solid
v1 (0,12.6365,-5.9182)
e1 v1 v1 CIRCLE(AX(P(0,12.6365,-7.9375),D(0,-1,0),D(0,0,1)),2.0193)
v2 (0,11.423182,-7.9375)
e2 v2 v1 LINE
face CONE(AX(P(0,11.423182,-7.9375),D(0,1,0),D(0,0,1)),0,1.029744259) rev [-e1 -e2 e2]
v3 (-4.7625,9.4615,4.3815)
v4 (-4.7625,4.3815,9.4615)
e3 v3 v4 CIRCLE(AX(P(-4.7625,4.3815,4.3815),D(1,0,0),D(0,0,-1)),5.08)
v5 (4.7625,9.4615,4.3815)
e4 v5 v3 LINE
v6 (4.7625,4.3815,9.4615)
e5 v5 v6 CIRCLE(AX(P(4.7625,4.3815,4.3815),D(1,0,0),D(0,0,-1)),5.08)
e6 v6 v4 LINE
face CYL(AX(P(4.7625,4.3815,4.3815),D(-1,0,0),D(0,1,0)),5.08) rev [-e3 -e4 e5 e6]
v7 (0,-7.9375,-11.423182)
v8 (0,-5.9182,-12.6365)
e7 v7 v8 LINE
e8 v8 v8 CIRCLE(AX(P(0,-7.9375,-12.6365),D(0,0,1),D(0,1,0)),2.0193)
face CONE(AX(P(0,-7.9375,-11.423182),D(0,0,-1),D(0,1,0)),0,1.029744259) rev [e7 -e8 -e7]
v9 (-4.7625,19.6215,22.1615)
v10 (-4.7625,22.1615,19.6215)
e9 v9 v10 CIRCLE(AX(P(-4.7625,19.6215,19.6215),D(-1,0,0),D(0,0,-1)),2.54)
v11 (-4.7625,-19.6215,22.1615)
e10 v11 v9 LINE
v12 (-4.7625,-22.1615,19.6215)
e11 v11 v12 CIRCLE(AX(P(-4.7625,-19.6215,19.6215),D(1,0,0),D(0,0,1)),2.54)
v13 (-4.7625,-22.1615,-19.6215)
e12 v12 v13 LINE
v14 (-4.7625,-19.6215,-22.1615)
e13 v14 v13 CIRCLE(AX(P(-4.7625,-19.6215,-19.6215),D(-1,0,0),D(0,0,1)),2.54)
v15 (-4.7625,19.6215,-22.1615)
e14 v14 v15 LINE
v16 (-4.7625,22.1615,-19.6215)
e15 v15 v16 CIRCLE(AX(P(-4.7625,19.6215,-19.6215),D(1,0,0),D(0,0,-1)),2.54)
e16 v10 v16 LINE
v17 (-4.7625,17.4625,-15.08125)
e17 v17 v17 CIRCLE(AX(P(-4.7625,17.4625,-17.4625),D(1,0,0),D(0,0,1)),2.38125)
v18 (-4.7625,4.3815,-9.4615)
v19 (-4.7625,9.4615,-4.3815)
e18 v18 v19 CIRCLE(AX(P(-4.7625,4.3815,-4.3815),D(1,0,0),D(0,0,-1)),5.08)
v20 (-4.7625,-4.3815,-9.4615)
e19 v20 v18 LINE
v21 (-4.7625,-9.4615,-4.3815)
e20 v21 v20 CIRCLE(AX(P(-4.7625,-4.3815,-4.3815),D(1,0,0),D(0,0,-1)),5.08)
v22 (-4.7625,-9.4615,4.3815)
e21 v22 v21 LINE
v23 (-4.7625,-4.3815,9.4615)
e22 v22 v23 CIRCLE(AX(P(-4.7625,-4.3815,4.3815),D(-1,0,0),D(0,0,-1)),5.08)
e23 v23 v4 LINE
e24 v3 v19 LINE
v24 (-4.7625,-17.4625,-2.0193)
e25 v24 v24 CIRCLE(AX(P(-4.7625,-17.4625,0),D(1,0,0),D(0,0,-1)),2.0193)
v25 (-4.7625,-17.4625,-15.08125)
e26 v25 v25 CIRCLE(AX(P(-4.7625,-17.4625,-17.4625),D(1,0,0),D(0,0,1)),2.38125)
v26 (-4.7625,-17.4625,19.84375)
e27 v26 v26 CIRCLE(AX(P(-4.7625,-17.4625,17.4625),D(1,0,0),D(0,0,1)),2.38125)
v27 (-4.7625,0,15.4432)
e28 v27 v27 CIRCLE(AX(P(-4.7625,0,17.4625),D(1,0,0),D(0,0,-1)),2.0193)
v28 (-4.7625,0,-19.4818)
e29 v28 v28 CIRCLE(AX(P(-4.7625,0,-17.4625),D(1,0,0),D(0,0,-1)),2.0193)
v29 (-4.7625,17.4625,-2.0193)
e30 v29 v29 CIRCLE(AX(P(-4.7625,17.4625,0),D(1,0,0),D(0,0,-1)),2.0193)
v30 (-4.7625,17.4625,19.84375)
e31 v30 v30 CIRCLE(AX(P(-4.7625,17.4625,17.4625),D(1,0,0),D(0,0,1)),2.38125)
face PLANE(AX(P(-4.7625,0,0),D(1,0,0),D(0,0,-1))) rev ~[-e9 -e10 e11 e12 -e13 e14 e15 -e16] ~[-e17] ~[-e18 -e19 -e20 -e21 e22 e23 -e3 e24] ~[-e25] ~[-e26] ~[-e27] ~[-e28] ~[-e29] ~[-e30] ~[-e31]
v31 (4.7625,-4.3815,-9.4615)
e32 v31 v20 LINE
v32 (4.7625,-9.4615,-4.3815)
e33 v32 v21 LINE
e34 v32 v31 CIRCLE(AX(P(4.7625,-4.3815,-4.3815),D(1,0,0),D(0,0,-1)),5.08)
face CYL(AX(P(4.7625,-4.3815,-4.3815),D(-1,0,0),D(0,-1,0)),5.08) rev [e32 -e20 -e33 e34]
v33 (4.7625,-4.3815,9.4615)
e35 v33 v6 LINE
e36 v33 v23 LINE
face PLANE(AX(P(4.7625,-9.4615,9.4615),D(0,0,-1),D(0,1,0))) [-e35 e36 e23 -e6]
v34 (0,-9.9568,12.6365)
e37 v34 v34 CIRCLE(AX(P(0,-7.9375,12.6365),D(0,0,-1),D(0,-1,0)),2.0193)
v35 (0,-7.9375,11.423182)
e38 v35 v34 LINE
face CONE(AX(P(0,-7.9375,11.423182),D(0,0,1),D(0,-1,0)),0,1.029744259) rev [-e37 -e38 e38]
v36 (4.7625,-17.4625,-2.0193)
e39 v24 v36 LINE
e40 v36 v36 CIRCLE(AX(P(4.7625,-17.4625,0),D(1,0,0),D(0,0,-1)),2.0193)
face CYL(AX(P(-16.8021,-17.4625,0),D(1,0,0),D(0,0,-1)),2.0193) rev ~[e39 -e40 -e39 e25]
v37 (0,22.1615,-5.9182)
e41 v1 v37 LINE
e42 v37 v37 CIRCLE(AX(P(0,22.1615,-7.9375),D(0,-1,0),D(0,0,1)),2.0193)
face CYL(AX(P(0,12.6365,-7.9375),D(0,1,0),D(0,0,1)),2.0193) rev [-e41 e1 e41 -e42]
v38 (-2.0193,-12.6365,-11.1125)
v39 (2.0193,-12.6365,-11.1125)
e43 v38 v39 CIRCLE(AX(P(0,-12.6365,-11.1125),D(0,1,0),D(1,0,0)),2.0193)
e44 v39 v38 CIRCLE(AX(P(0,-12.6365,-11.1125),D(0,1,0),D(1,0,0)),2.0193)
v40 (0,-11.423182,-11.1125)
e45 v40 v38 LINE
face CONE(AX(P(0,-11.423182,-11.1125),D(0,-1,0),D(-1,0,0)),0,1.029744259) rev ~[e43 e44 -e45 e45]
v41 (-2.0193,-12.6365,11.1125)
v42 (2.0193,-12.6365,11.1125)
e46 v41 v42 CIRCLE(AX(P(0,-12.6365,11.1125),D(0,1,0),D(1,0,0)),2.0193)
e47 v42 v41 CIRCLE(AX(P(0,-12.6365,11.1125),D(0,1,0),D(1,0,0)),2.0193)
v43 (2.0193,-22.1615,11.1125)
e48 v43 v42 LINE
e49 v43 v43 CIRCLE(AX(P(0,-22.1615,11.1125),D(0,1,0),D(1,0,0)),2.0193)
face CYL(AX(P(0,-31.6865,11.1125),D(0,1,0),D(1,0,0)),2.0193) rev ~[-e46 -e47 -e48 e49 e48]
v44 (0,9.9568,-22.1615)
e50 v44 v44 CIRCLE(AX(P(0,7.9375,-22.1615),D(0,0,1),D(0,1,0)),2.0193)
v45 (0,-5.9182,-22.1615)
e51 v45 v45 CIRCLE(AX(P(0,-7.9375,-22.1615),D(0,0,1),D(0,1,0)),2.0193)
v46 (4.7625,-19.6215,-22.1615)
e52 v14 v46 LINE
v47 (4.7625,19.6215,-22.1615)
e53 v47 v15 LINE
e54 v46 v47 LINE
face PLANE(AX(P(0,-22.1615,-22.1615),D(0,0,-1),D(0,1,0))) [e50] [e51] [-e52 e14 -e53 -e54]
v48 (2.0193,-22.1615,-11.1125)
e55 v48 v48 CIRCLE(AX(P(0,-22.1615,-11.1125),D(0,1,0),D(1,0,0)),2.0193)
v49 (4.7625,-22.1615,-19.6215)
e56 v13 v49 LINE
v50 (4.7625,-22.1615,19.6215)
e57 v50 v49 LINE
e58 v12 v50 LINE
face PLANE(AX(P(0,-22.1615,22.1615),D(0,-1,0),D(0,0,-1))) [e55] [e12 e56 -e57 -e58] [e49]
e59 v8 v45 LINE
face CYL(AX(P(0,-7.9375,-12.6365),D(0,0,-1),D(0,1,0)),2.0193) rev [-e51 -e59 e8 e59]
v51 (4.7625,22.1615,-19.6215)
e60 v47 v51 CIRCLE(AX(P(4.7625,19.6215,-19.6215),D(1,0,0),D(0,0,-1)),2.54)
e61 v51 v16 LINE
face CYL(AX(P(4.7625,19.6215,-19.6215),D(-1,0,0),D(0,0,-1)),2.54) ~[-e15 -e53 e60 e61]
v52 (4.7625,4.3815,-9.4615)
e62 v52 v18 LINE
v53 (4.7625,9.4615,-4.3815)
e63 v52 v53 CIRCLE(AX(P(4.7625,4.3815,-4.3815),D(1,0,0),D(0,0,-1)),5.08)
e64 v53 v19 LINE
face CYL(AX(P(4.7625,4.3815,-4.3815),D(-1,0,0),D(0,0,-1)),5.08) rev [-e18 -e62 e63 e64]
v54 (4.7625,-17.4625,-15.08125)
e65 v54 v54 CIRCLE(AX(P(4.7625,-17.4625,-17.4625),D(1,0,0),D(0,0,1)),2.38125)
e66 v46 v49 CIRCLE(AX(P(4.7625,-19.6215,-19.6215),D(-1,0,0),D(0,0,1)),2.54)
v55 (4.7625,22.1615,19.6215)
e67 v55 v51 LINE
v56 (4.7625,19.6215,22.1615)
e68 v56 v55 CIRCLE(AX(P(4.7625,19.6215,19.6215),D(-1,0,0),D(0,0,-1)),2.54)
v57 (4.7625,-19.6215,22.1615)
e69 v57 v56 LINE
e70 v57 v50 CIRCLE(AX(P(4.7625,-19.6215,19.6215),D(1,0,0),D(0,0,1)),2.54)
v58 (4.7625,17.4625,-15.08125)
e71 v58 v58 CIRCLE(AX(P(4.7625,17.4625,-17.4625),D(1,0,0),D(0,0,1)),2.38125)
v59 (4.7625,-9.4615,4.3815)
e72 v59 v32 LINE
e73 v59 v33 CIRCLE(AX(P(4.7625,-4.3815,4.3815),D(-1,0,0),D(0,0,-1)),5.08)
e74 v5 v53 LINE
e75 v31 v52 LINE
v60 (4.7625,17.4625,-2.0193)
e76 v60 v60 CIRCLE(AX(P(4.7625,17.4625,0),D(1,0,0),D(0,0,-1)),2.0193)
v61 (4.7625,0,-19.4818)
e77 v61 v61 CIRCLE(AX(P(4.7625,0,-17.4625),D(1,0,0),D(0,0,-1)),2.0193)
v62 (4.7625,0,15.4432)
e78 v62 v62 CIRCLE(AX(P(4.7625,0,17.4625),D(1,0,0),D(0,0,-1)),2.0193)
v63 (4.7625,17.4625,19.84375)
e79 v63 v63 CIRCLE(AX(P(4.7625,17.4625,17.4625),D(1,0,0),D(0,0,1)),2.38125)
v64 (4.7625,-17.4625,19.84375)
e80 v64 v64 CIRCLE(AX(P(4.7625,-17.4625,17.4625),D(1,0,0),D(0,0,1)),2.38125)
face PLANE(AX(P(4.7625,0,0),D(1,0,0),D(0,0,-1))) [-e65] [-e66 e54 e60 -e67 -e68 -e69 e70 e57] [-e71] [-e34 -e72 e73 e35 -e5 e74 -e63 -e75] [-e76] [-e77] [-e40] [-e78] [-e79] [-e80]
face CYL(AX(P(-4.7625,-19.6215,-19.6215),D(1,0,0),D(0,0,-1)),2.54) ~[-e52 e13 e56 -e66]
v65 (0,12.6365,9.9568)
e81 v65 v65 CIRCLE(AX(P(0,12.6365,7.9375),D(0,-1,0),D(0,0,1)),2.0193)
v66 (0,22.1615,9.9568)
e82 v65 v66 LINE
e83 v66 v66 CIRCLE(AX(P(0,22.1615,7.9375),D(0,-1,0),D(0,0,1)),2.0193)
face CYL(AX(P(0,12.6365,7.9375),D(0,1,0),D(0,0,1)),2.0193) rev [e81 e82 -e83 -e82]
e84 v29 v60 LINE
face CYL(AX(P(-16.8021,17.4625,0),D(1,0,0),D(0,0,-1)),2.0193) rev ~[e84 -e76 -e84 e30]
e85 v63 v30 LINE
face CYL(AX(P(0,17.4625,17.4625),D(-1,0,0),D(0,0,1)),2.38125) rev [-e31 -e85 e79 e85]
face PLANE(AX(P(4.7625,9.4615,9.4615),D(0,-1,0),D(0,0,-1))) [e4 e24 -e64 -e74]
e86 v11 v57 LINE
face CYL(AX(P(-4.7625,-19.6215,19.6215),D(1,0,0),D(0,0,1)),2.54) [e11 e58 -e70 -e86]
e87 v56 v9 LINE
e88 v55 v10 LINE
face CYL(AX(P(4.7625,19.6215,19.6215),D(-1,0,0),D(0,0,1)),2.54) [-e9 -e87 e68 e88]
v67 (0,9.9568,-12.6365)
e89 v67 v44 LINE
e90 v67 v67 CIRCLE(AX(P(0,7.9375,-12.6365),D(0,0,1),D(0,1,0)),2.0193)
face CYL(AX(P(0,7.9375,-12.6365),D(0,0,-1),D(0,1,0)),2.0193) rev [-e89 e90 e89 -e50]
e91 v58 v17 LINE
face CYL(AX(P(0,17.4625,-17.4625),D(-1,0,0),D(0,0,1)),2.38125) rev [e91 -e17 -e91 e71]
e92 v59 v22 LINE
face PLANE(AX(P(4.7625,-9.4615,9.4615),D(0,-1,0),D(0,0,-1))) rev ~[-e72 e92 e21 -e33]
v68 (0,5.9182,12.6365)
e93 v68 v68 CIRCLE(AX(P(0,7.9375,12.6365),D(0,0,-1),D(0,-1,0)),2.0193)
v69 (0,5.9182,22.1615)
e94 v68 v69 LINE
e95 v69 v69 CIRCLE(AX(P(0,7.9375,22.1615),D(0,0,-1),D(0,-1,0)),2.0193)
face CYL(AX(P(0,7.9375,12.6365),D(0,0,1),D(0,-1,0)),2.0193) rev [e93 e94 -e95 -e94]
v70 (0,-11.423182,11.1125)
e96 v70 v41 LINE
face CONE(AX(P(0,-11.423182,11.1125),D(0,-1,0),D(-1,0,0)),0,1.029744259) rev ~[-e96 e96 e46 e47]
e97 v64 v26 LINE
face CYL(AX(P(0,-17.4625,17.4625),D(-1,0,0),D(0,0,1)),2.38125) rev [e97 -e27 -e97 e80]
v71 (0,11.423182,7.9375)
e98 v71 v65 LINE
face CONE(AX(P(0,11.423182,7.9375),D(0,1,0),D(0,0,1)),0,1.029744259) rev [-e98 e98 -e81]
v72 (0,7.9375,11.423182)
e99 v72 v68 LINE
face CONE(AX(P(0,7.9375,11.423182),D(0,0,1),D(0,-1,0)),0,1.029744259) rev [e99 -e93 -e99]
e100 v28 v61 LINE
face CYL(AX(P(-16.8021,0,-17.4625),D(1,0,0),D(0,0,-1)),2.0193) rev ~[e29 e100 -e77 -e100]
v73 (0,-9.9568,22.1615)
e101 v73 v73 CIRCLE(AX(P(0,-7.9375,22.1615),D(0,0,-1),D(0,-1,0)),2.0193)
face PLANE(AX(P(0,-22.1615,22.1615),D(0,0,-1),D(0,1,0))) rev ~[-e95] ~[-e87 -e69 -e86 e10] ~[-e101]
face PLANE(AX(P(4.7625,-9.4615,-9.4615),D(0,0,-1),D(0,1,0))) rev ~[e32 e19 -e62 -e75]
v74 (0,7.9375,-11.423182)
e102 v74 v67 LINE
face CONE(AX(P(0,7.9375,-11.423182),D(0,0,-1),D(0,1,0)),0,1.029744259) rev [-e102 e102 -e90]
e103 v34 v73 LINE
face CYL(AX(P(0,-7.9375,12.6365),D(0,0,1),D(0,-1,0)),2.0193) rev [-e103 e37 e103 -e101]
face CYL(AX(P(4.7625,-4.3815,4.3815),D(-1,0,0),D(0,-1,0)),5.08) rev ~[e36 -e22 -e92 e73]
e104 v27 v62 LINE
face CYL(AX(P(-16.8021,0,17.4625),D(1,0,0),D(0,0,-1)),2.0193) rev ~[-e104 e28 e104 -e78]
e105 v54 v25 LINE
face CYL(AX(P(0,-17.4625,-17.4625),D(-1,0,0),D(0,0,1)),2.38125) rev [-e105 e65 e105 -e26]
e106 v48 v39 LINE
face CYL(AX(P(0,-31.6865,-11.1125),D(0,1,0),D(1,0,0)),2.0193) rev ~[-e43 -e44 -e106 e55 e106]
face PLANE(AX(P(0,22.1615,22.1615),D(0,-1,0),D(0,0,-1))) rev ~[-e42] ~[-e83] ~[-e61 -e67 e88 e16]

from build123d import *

# Parameters (mm, degrees)
SKETCH1_W                       = 44.323
SKETCH1_H                       = 44.323
SKETCH1_R                       = 2.38125
BOSS_EXTRUDE1_DEPTH             = 4.7625
FILLET1_R                       = 2.54
F_10_32_TAPPED_HOLE1_D          = 4.0386
F_10_32_TAPPED_HOLE1_DEPTH      = 12.0396
F_10_32_TAPPED_HOLE1_TIP        = 1.213317848
F_10_32_TAPPED_HOLE2_AT_2_COUNT = 2
F_10_32_TAPPED_HOLE2_AT_2_PITCH = 15.875
CIRPATTERN1_COUNT               = 4
F_10_32_TAPPED_HOLE3_D          = 4.0386
F_10_32_TAPPED_HOLE3_DEPTH      = 9.525
F_10_32_TAPPED_HOLE3_TIP        = 1.213317848
SKETCH19_W                      = 18.923
SKETCH19_H                      = 18.923
CUT_EXTRUDE1_DEPTH              = 33.756522854
FILLET2_R                       = 5.08


with BuildPart() as part:
    # Sketch1 → Boss-Extrude1 (new, symmetric)
    with BuildSketch(Plane(origin=(0, 0, 0), x_dir=(0, 0, -1), z_dir=(1, 0, 0))):
        Rectangle(SKETCH1_W, SKETCH1_H)
        with Locations((-17.4625, 17.4625)):
            Circle(SKETCH1_R, mode=Mode.SUBTRACT)
        with Locations((17.4625, 17.4625)):
            Circle(SKETCH1_R, mode=Mode.SUBTRACT)
        with Locations((-17.4625, -17.4625)):
            Circle(SKETCH1_R, mode=Mode.SUBTRACT)
        with Locations((17.4625, -17.4625)):
            Circle(SKETCH1_R, mode=Mode.SUBTRACT)
    extrude(amount=BOSS_EXTRUDE1_DEPTH, both=True)

    # Fillet1
    fillet1_edges = [part.edges().sort_by_distance(p)[0] for p in [
        (0, -22.1615, -22.1615),
        (0, -22.1615, 22.1615),
        (0, 22.1615, 22.1615),
        (0, 22.1615, -22.1615),
    ]]
    fillet(fillet1_edges, radius=FILLET1_R)

    # #10-32 Tapped Hole1
    with Locations(Plane.ZY.offset(4.7625)):
        with Locations((0, -17.4625), (0, 17.4625), (-17.4625, 0), (17.4625, 0)):
            Hole(F_10_32_TAPPED_HOLE1_D / 2, depth=F_10_32_TAPPED_HOLE1_DEPTH)
            with Locations((0, 0, -(F_10_32_TAPPED_HOLE1_DEPTH + F_10_32_TAPPED_HOLE1_TIP / 2))):  # 118° drill point
                Cone(0, F_10_32_TAPPED_HOLE1_D / 2, F_10_32_TAPPED_HOLE1_TIP, mode=Mode.SUBTRACT)

    # Sketch15 → #10-32 Tapped Hole2 (revolve, cut)
    with BuildSketch(Plane(origin=(0, 22.1615, -7.9375), x_dir=(0, 0, 1), z_dir=(1, 0, 0))):
        Polygon((0, 0), (0, 10.738317848), (2.0193, 9.525), (2.0193, 0), align=None)
    f_10_32_tapped_hole2 = revolve(axis=Axis((0, 28.5115, -7.9375), (0, -1, 0)), mode=Mode.SUBTRACT)

    # #10-32 Tapped Hole2 at 2: #10-32 Tapped Hole2 ×2
    with Locations(*[(0, 0, i * F_10_32_TAPPED_HOLE2_AT_2_PITCH) for i in range(1, F_10_32_TAPPED_HOLE2_AT_2_COUNT)]):
        add(f_10_32_tapped_hole2, mode=Mode.SUBTRACT)

    # CirPattern1: #10-32 Tapped Hole2 ×4 about axis, 1 skipped
    cirpattern1_axis = Axis((0, 0, 0), (1, 0, 0))
    add([f_10_32_tapped_hole2.rotate(cirpattern1_axis, i * 360 / CIRPATTERN1_COUNT) for i in range(1, CIRPATTERN1_COUNT) if i not in (2,)], mode=Mode.SUBTRACT)

    # CirPattern1 copy 1 sketch → CirPattern1 copy 1 (revolve, cut)
    with BuildSketch(Plane(origin=(0, -7.9375, 22.1615), x_dir=(0, -1, 0), z_dir=(1, 0, 0))):
        Polygon((0, 0), (0, 10.738317848), (2.0193, 9.525), (2.0193, 0), align=None)
    revolve(axis=Axis((0, -7.9375, 28.5115), (0, 0, -1)), mode=Mode.SUBTRACT)

    # CirPattern1 copy 2 sketch → CirPattern1 copy 2 (revolve, cut)
    with BuildSketch(Plane(origin=(0, 7.9375, -22.1615), x_dir=(0, 1, 0), z_dir=(1, 0, 0))):
        Polygon((0, 0), (0, 10.738317848), (2.0193, 9.525), (2.0193, 0), align=None)
    revolve(axis=Axis((0, 7.9375, -28.5115), (0, 0, 1)), mode=Mode.SUBTRACT)

    # #10-32 Tapped Hole3
    with Locations(Plane(origin=(0, -22.1615, 0), x_dir=(-1, 0, 0), z_dir=(0, -1, 0))):
        with Locations((0, -11.1125), (0, 11.1125)):
            Hole(F_10_32_TAPPED_HOLE3_D / 2, depth=F_10_32_TAPPED_HOLE3_DEPTH)
            with Locations((0, 0, -(F_10_32_TAPPED_HOLE3_DEPTH + F_10_32_TAPPED_HOLE3_TIP / 2))):  # 118° drill point
                Cone(0, F_10_32_TAPPED_HOLE3_D / 2, F_10_32_TAPPED_HOLE3_TIP, mode=Mode.SUBTRACT)

    # Sketch19 → Cut-Extrude1 (cut, through all)
    with BuildSketch(Plane(origin=(4.7625, 0, 0), x_dir=(0, 0, -1), z_dir=(1, 0, 0))):
        Rectangle(SKETCH19_W, SKETCH19_H)
    extrude(amount=-CUT_EXTRUDE1_DEPTH, mode=Mode.SUBTRACT)

    # Fillet2
    fillet2_edges = [part.edges().sort_by_distance(p)[0] for p in [
        (0, 9.4615, -9.4615),
        (0, -9.4615, -9.4615),
        (0, -9.4615, 9.4615),
        (0, 9.4615, 9.4615),
    ]]
    fillet(fillet2_edges, radius=FILLET2_R)


solid = part.part
